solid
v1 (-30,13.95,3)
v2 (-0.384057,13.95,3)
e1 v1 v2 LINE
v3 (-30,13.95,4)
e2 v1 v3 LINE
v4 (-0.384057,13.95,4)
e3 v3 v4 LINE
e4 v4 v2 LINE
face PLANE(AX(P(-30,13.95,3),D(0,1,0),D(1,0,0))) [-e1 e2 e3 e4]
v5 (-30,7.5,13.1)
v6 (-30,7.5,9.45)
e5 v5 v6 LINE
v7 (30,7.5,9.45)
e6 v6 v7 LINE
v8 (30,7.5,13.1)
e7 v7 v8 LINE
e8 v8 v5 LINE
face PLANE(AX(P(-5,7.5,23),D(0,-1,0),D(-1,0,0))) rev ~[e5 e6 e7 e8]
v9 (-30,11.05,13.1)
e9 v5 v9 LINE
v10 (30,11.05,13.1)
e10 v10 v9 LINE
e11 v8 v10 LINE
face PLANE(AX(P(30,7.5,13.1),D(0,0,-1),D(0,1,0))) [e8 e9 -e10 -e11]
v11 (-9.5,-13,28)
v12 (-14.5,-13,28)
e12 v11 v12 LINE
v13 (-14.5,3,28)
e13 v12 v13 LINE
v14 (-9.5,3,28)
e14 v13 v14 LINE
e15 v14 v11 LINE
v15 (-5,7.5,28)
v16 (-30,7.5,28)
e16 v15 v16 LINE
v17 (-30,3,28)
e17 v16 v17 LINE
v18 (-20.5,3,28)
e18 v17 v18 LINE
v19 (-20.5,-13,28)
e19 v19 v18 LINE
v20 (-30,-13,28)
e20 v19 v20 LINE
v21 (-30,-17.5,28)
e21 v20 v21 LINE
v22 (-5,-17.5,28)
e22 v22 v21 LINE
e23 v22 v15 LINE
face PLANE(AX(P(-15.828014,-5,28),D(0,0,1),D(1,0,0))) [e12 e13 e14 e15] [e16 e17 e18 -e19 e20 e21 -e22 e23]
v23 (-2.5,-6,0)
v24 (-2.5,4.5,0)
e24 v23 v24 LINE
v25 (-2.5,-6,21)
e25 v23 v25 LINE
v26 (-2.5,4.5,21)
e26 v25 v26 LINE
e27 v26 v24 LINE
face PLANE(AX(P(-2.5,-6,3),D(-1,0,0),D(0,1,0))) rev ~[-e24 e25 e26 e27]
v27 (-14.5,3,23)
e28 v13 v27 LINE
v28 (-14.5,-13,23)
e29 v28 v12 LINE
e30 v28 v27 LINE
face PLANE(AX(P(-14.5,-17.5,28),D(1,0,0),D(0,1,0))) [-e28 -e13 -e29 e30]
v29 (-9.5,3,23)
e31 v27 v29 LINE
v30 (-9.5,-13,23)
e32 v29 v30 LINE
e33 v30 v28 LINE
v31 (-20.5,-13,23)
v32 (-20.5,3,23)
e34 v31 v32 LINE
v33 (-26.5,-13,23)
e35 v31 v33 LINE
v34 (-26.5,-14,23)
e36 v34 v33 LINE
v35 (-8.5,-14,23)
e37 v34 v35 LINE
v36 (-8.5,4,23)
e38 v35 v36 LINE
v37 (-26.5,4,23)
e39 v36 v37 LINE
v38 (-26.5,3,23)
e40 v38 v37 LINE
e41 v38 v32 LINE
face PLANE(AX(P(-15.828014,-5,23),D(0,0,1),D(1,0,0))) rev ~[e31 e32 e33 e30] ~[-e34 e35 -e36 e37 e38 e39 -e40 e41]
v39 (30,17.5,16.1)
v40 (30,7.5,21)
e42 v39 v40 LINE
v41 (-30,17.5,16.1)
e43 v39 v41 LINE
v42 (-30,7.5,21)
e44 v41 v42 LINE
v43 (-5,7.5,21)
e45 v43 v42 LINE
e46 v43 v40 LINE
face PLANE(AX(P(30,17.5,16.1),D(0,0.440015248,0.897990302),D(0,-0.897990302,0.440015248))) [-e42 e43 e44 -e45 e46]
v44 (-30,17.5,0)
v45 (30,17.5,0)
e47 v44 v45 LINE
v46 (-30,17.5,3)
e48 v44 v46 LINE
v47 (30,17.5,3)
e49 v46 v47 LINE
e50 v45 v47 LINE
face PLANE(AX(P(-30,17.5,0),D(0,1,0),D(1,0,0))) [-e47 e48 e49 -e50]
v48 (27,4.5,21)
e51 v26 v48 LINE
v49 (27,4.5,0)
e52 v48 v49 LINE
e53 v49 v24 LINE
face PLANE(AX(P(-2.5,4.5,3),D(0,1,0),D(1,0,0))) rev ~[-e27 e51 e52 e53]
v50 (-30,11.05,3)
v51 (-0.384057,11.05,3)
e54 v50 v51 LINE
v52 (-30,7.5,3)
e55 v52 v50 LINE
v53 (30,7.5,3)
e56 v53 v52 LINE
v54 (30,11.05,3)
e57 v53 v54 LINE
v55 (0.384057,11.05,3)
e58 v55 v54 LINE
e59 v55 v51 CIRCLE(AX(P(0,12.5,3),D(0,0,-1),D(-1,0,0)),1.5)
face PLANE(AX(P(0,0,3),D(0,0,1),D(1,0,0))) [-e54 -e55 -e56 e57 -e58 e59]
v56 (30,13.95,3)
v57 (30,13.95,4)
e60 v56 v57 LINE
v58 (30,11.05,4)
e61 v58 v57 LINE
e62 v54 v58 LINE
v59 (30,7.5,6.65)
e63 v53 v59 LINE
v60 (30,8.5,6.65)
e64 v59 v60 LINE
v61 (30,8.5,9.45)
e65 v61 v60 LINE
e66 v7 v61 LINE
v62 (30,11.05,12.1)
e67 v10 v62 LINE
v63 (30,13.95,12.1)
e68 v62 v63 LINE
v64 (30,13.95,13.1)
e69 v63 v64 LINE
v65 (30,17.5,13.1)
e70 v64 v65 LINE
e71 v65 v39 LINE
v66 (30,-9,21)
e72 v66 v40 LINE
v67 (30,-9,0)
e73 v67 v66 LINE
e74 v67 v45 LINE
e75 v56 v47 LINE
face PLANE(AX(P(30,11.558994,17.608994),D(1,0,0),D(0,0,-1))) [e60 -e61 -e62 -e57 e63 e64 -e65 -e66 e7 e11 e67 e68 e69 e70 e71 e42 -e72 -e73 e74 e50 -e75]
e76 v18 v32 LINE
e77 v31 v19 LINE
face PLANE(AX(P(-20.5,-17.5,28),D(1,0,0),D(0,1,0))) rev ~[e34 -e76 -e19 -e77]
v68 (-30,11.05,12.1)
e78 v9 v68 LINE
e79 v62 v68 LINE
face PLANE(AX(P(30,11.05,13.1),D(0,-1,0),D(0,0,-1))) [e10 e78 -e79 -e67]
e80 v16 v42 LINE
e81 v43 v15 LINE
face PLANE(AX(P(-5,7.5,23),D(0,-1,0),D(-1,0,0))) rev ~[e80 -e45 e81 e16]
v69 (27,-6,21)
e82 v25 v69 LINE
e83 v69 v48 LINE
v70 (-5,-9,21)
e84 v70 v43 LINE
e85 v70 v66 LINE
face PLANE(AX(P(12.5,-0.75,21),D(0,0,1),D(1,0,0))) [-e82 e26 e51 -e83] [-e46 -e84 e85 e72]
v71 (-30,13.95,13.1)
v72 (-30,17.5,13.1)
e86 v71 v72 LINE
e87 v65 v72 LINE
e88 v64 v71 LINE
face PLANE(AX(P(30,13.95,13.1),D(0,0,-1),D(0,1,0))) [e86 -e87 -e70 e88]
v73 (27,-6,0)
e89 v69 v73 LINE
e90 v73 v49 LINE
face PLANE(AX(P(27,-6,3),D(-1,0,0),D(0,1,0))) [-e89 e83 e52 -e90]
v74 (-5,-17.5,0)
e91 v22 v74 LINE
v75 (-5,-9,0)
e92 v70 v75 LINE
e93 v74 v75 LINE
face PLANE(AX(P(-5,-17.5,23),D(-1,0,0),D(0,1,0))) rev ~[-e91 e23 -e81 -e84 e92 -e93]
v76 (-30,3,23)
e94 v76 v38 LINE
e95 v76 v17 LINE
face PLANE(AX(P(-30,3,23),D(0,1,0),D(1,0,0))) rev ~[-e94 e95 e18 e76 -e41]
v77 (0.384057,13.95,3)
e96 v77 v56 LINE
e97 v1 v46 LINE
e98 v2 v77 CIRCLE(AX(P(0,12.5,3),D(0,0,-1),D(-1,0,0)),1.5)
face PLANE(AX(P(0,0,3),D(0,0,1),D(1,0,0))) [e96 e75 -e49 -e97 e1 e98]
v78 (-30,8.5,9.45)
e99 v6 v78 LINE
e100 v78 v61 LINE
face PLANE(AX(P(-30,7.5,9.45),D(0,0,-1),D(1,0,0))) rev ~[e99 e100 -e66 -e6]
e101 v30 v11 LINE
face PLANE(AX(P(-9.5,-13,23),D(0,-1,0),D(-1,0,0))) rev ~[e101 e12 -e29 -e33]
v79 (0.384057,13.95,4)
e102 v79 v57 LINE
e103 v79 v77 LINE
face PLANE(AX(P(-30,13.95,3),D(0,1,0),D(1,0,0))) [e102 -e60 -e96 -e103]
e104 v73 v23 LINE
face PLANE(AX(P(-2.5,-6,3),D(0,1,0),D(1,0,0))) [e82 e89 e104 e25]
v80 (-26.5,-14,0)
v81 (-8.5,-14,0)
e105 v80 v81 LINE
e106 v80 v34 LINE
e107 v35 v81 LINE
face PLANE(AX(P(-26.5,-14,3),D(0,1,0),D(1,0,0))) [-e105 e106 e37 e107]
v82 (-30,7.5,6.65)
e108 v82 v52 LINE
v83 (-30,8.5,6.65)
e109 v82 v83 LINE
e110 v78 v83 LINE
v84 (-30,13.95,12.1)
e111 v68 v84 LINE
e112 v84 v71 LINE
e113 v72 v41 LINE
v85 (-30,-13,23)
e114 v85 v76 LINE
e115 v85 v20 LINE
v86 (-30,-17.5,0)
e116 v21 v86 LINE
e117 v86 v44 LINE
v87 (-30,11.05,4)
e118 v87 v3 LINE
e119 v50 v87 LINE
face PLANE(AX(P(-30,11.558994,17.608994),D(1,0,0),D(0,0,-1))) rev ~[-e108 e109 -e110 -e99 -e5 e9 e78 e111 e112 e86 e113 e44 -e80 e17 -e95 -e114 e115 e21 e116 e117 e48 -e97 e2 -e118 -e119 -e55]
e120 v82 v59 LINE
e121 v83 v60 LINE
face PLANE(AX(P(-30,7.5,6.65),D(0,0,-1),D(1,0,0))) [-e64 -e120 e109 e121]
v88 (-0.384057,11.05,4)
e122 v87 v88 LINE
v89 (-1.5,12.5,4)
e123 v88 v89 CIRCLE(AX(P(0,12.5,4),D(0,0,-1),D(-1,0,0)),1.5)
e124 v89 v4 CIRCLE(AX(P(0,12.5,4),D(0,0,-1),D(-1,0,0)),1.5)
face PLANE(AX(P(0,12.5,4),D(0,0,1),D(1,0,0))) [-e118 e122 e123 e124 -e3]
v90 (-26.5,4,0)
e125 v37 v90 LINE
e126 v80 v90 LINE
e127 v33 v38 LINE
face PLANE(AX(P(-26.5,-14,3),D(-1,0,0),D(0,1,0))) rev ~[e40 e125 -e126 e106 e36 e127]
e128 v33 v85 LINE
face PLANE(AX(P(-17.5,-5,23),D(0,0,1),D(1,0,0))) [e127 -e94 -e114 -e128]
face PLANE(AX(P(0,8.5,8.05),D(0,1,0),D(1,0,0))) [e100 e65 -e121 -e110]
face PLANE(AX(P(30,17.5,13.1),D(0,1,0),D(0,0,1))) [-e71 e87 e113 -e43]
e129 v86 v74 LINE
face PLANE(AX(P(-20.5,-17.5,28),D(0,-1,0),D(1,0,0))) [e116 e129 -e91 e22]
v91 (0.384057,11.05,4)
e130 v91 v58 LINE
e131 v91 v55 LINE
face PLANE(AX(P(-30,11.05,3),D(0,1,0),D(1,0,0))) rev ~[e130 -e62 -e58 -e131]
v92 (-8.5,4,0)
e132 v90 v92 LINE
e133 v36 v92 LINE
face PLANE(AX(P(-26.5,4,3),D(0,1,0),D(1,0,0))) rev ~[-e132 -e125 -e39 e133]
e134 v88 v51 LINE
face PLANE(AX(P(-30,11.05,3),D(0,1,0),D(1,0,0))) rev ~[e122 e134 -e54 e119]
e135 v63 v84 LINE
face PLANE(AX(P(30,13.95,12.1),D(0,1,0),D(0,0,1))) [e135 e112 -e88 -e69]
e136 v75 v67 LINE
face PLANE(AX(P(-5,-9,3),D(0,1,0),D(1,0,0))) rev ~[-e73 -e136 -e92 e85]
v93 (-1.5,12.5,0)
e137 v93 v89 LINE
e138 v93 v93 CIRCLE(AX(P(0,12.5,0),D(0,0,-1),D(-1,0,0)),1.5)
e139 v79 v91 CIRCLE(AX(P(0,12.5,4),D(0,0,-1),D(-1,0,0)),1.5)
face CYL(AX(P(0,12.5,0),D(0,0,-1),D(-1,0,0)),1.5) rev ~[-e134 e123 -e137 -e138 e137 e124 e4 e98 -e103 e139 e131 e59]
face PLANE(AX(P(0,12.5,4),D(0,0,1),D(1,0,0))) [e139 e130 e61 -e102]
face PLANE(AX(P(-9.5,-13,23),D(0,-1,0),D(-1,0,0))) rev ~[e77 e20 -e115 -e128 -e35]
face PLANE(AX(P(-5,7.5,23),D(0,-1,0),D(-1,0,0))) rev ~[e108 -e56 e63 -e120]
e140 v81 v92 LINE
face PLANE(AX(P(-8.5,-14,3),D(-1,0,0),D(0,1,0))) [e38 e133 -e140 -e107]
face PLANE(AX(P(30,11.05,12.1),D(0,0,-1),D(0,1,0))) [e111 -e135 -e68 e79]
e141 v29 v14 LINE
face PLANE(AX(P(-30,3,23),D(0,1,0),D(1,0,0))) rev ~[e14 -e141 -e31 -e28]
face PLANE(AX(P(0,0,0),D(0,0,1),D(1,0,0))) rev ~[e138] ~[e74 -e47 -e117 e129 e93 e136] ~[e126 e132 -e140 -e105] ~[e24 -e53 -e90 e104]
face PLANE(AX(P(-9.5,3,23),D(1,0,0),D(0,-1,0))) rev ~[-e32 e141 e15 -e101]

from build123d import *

# Parameters (mm, degrees)
ESQUISSE1_W                    = 60
ESQUISSE1_H                    = 35
MAIN_DEPTH                     = 3
ESQUISSE2_W                    = 60
ESQUISSE2_H                    = 2.9
HORIZONTALMAKERBEAMRAIL1_DEPTH = 1
ESQUISSE3_R                    = 1.5
VERTICALFIXHOLE_DEPTH          = 5
ESQUISSE4_W                    = 25
ESQUISSE4_H                    = 25
ESQUISSE4_W_2                  = 18
ESQUISSE4_H_2                  = 18
URGENCYBUTTON_DEPTH            = 20
ESQUISSE5_W                    = 18
ESQUISSE5_H                    = 18
URGENCYBUTTONHOLE_DEPTH        = 1
URGENCYBUTTONHOLE_DEPTH_BACK   = 24
BOSS_EXTRU_4_DEPTH             = 5
ESQUISSE7_W                    = 6
ESQUISSE7_H                    = 25
BOSS_EXTRU_5_DEPTH             = 5
ESQUISSE8_W                    = 29.5
ESQUISSE8_H                    = 10.5
SWITCHHOLE_DEPTH               = 29
ESQUISSE10_W                   = 35
ESQUISSE10_H                   = 16.5
ESQUISSE10_W_2                 = 29.5
ESQUISSE10_H_2                 = 10.5
BOSS_EXTRU_6_DEPTH             = 18
ESQUISSE11_W                   = 35
ESQUISSE11_H                   = 8.5
ENL_V_MAT_EXTRU_4_DEPTH        = 4
ESQUISSE12_W                   = 60
ESQUISSE12_H                   = 2.8
BOSS_EXTRU_7_DEPTH             = 1
BOSS_EXTRU_8_DEPTH             = 60
BOSS_EXTRU_9_DEPTH             = 60


with BuildPart() as part:
    # Esquisse1 → Main (new body)
    with BuildSketch(Plane.XY):
        Rectangle(ESQUISSE1_W, ESQUISSE1_H)
    extrude(amount=MAIN_DEPTH)

    # Esquisse2 → HorizontalMakerBeamRail1 (add)
    with BuildSketch(Plane.XY.offset(3)):
        with Locations((0, 12.5)):
            Rectangle(ESQUISSE2_W, ESQUISSE2_H)
    extrude(amount=HORIZONTALMAKERBEAMRAIL1_DEPTH)

    # Esquisse3 → VerticalFixHole (cut, through all)
    with BuildSketch(Plane(origin=(0, 0, 0), x_dir=(-1, 0, 0), z_dir=(0, 0, -1))):
        with Locations((0, 12.5)):
            Circle(ESQUISSE3_R)
    extrude(amount=-VERTICALFIXHOLE_DEPTH, mode=Mode.SUBTRACT)

    # Esquisse4 → UrgencyButton (add)
    with BuildSketch(Plane.XY.offset(3)):
        with Locations((-17.5, -5)):
            Rectangle(ESQUISSE4_W, ESQUISSE4_H)
        with Locations((-17.5, -5)):
            Rectangle(ESQUISSE4_W_2, ESQUISSE4_H_2, mode=Mode.SUBTRACT)
    extrude(amount=URGENCYBUTTON_DEPTH)

    # Esquisse5 → UrgencyButtonHole (cut, two sides)
    with BuildSketch(Plane.XY.offset(23)) as urgencybuttonhole_sk:
        with Locations((-17.5, -5)):
            Rectangle(ESQUISSE5_W, ESQUISSE5_H)
    extrude(amount=URGENCYBUTTONHOLE_DEPTH, mode=Mode.SUBTRACT)
    extrude(urgencybuttonhole_sk.sketch, amount=-URGENCYBUTTONHOLE_DEPTH_BACK, mode=Mode.SUBTRACT)

    # Esquisse6 → Boss.-Extru.4 (add)
    with BuildSketch(Plane.XY.offset(23)):
        Polygon((-30, -17.5), (-5, -17.5), (-5, 7.5), (-30, 7.5), (-30, 3), (-9.5, 3), (-9.5, -13), (-30, -13), align=None)
    extrude(amount=BOSS_EXTRU_4_DEPTH)

    # Esquisse7 → Boss.-Extru.5 (add)
    with BuildSketch(Plane.XY.offset(28)):
        with Locations((-17.5, -5)):
            Rectangle(ESQUISSE7_W, ESQUISSE7_H)
    extrude(amount=-BOSS_EXTRU_5_DEPTH)

    # Esquisse8 → SwitchHole (cut, through all)
    with BuildSketch(Plane(origin=(0, 0, 0), x_dir=(-1, 0, 0), z_dir=(0, 0, -1))):
        with Locations((-12.25, -0.75)):
            Rectangle(ESQUISSE8_W, ESQUISSE8_H)
    extrude(amount=-SWITCHHOLE_DEPTH, mode=Mode.SUBTRACT)

    # Esquisse10 → Boss.-Extru.6 (add)
    with BuildSketch(Plane.XY.offset(3)):
        with Locations((12.5, -0.75)):
            Rectangle(ESQUISSE10_W, ESQUISSE10_H)
        with Locations((12.25, -0.75)):
            Rectangle(ESQUISSE10_W_2, ESQUISSE10_H_2, mode=Mode.SUBTRACT)
    extrude(amount=BOSS_EXTRU_6_DEPTH)

    # Esquisse11 → Enlèv. mat.-Extru.4 (cut, through all)
    with BuildSketch(Plane.XY.offset(3)):
        with Locations((12.5, -13.25)):
            Rectangle(ESQUISSE11_W, ESQUISSE11_H)
    extrude(amount=-ENL_V_MAT_EXTRU_4_DEPTH, mode=Mode.SUBTRACT)

    # Esquisse12 → Boss.-Extru.7 (add)
    with BuildSketch(Plane(origin=(0, 7.5, 0), x_dir=(1, 0, 0), z_dir=(0, 1, 0))):
        with Locations((0, -8.05)):
            Rectangle(ESQUISSE12_W, ESQUISSE12_H)
    extrude(amount=BOSS_EXTRU_7_DEPTH)

    # Esquisse13 → Boss.-Extru.8 (add, through all)
    with BuildSketch(Plane(origin=(30, 0, 0), x_dir=(0, 0, -1), z_dir=(1, 0, 0))):
        Polygon((-13.1, 7.5), (-13.1, 11.05), (-12.1, 11.05), (-12.1, 13.95), (-13.1, 13.95), (-13.1, 17.5), (-16.1, 17.5), (-16.1, 7.5), align=None)
    extrude(amount=-BOSS_EXTRU_8_DEPTH)

    # Esquisse14 → Boss.-Extru.9 (add, through all)
    with BuildSketch(Plane(origin=(30, 0, 0), x_dir=(0, 0, -1), z_dir=(1, 0, 0))):
        Polygon((-16.1, 7.5), (-16.1, 17.5), (-21, 7.5), align=None)
    extrude(amount=-BOSS_EXTRU_9_DEPTH)


solid = part.part
